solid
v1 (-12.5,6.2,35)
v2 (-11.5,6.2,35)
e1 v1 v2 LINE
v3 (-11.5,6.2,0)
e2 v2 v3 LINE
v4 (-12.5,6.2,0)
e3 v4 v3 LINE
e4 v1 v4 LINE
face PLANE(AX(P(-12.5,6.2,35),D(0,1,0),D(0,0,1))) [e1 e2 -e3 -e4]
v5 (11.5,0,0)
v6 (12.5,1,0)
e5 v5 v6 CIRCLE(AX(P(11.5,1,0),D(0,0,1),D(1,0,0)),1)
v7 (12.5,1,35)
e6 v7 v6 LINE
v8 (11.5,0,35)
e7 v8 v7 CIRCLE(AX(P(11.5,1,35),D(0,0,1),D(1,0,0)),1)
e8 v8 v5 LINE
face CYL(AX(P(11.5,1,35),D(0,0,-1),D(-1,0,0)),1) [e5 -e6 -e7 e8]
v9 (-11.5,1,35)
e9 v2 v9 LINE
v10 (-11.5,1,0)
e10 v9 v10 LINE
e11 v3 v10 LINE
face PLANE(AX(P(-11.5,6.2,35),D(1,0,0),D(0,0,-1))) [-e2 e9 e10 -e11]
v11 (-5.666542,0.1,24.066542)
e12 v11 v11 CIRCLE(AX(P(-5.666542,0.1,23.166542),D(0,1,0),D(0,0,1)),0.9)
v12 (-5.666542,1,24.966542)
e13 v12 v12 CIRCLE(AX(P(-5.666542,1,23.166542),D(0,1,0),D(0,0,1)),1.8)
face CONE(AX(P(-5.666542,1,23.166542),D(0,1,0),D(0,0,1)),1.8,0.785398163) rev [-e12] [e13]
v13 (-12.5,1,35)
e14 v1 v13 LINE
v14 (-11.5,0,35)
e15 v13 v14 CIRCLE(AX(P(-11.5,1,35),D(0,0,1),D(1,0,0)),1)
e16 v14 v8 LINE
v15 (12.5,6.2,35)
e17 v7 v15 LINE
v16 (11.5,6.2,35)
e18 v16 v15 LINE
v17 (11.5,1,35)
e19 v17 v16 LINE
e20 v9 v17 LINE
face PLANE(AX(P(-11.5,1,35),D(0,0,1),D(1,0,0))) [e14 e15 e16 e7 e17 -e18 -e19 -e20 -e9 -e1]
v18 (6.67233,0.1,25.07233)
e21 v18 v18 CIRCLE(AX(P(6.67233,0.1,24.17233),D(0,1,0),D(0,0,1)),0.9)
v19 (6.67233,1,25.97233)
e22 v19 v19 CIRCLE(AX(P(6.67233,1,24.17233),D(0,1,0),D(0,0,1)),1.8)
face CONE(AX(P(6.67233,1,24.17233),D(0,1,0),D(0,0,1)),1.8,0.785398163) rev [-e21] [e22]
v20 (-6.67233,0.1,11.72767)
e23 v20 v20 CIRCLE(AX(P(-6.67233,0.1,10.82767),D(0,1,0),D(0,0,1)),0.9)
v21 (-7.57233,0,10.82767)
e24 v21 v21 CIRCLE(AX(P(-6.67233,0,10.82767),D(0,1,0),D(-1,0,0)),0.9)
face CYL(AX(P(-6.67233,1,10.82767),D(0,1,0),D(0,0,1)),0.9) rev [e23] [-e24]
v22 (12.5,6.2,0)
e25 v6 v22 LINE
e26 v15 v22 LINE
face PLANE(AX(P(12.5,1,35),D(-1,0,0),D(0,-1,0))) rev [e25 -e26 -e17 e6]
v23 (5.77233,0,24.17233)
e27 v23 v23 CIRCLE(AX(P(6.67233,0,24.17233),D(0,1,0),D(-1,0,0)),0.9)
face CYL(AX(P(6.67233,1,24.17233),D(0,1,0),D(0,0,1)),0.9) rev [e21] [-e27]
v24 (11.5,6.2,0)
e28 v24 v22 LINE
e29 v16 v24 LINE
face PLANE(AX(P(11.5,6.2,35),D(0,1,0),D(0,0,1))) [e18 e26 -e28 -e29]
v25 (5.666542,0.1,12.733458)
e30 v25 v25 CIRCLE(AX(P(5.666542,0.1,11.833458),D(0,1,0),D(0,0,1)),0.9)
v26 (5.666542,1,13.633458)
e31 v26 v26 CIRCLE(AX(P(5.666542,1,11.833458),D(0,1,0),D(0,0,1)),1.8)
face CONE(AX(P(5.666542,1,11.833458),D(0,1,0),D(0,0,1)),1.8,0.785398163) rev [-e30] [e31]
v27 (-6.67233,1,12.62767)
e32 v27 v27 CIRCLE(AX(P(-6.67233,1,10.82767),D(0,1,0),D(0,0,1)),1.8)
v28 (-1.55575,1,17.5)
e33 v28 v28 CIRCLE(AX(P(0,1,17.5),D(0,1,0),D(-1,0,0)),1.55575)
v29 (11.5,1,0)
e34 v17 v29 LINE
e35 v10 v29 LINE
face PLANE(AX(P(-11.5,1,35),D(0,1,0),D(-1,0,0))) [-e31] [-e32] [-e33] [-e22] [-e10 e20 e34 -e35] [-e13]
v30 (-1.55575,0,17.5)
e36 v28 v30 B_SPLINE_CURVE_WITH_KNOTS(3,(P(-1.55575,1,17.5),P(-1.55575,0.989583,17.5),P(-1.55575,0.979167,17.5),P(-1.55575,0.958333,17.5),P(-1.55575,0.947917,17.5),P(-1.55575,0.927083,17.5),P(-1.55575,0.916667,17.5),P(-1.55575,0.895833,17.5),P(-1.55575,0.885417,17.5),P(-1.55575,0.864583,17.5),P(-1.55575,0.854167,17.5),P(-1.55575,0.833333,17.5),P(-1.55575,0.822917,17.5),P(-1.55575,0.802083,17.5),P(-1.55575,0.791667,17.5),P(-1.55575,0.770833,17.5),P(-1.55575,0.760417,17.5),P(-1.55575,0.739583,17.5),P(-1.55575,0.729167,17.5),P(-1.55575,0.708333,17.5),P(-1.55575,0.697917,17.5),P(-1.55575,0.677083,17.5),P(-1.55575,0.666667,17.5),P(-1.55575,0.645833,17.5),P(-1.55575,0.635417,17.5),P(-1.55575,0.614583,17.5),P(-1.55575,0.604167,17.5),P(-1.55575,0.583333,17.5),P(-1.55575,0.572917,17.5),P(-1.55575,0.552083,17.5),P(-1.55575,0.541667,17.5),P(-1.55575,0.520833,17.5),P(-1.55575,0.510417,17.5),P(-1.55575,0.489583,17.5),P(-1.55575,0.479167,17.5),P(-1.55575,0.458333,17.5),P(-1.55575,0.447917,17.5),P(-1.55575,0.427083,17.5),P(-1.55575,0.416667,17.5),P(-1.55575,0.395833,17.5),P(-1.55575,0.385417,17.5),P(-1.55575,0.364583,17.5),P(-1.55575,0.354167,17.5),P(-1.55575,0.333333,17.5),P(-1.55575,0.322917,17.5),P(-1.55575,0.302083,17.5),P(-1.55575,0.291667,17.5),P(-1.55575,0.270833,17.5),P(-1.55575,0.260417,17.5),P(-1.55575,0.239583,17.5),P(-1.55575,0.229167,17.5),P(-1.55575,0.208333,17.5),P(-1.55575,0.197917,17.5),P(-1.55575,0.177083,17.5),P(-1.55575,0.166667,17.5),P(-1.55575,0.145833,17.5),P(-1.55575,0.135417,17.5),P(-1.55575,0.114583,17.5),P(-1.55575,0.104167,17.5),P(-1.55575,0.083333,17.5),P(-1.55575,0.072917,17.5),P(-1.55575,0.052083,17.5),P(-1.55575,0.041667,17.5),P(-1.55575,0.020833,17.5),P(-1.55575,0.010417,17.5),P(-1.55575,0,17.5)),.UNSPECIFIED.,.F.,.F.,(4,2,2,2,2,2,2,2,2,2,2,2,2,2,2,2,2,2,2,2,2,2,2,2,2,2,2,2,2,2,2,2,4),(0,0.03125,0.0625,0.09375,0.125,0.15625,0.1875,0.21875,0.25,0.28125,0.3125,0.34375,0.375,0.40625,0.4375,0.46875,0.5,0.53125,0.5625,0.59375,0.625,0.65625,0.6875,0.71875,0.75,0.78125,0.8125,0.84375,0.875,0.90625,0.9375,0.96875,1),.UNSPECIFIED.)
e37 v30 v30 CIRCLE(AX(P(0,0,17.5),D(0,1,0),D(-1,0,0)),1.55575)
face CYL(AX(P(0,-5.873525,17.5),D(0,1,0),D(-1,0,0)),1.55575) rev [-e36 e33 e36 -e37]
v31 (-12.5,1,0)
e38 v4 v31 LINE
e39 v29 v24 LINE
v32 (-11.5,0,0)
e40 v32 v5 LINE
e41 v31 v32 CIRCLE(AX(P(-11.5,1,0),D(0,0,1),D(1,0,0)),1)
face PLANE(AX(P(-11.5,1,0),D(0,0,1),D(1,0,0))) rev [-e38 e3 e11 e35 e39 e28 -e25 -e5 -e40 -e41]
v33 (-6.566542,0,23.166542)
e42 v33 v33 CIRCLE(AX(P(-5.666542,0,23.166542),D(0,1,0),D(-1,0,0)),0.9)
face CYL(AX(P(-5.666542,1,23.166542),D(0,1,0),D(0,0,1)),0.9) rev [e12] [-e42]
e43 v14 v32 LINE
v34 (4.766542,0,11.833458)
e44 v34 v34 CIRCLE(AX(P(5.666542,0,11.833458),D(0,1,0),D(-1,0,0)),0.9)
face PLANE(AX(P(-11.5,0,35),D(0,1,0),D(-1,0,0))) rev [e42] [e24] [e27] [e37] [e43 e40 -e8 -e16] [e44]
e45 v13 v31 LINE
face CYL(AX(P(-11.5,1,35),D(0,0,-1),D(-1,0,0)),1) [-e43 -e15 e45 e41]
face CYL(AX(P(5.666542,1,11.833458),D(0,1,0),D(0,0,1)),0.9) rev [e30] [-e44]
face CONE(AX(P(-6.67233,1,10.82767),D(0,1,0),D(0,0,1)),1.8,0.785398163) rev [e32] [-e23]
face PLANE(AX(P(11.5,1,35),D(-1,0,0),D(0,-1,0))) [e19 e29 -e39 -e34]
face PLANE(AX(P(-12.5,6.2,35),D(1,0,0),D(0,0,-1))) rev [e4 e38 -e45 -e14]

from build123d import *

# Parameters (mm, degrees)
EXTRUDE_THIN1_DEPTH                                  = 35
CUT_EXTRUDE1_REACH                                   = 39.527
SKETCH2_R                                            = 1.55575
CSK_FOR_M1_6_COUNTERSUNK_FLAT_HEAD_SCREW_D           = 1.8
CSK_FOR_M1_6_COUNTERSUNK_FLAT_HEAD_SCREW_DEPTH       = 119
CSK_FOR_M1_6_COUNTERSUNK_FLAT_HEAD_SCREW_CSINK_D     = 3.6
CSK_FOR_M1_6_COUNTERSUNK_FLAT_HEAD_SCREW_CSINK_ANGLE = 90
CSK_FOR_M1_6_COUNTERSUNK_FLAT_HEAD_SCREW_TIP         = 0.540774557


with BuildPart() as part:
    # Sketch1 → Extrude-Thin1 (new body)
    with BuildSketch(Plane.XY):
        with BuildLine():
            Line((-12.5, 6.2), (-12.5, 1))
            ThreePointArc((-12.5, 1), (-12.207106781, 0.292893219), (-11.5, 0))
            Line((-11.5, 0), (11.5, 0))
            ThreePointArc((11.5, 0), (12.207106781, 0.292893219), (12.5, 1))
            Line((12.5, 1), (12.5, 6.2))
            Line((12.5, 6.2), (11.5, 6.2))
            Line((11.5, 6.2), (11.5, 1))
            Line((11.5, 1), (-11.5, 1))
            Line((-11.5, 1), (-11.5, 6.2))
            Line((-11.5, 6.2), (-12.5, 6.2))
        make_face()
    extrude(amount=EXTRUDE_THIN1_DEPTH)

    # Sketch2 → Cut-Extrude1 (cut, up to next)
    with BuildSketch(Plane(origin=(0, 1, 0), x_dir=(1, 0, 0), z_dir=(0, 1, 0)), mode=Mode.PRIVATE) as cut_extrude1_sk1:
        with Locations(Location((0, -17.5, 0), (0, 0, 180))):
            Circle(SKETCH2_R)
    cut_extrude1_tool1 = extrude(cut_extrude1_sk1.sketch, amount=-CUT_EXTRUDE1_REACH, mode=Mode.PRIVATE) & part.part
    add(cut_extrude1_tool1.solids().sort_by_distance((0, 1, 17.5))[0], mode=Mode.SUBTRACT)

    # CSK for M1.6 Countersunk Flat Head Screw1
    with Locations(Plane(origin=(5.666541612, 1, 11.833458388), x_dir=(1, 0, 0), z_dir=(0, 1, 0))):
        with Locations((0, 0), (1.005788686, -12.33887191), (-11.333083224, -11.333083224), (-12.33887191, 1.005788686)):
            CounterSinkHole(CSK_FOR_M1_6_COUNTERSUNK_FLAT_HEAD_SCREW_D / 2, CSK_FOR_M1_6_COUNTERSUNK_FLAT_HEAD_SCREW_CSINK_D / 2, depth=CSK_FOR_M1_6_COUNTERSUNK_FLAT_HEAD_SCREW_DEPTH, counter_sink_angle=CSK_FOR_M1_6_COUNTERSUNK_FLAT_HEAD_SCREW_CSINK_ANGLE)
            with Locations((0, 0, -(CSK_FOR_M1_6_COUNTERSUNK_FLAT_HEAD_SCREW_DEPTH + CSK_FOR_M1_6_COUNTERSUNK_FLAT_HEAD_SCREW_TIP / 2))):  # 118° drill point
                Cone(0, CSK_FOR_M1_6_COUNTERSUNK_FLAT_HEAD_SCREW_D / 2, CSK_FOR_M1_6_COUNTERSUNK_FLAT_HEAD_SCREW_TIP, mode=Mode.SUBTRACT)


solid = part.part
